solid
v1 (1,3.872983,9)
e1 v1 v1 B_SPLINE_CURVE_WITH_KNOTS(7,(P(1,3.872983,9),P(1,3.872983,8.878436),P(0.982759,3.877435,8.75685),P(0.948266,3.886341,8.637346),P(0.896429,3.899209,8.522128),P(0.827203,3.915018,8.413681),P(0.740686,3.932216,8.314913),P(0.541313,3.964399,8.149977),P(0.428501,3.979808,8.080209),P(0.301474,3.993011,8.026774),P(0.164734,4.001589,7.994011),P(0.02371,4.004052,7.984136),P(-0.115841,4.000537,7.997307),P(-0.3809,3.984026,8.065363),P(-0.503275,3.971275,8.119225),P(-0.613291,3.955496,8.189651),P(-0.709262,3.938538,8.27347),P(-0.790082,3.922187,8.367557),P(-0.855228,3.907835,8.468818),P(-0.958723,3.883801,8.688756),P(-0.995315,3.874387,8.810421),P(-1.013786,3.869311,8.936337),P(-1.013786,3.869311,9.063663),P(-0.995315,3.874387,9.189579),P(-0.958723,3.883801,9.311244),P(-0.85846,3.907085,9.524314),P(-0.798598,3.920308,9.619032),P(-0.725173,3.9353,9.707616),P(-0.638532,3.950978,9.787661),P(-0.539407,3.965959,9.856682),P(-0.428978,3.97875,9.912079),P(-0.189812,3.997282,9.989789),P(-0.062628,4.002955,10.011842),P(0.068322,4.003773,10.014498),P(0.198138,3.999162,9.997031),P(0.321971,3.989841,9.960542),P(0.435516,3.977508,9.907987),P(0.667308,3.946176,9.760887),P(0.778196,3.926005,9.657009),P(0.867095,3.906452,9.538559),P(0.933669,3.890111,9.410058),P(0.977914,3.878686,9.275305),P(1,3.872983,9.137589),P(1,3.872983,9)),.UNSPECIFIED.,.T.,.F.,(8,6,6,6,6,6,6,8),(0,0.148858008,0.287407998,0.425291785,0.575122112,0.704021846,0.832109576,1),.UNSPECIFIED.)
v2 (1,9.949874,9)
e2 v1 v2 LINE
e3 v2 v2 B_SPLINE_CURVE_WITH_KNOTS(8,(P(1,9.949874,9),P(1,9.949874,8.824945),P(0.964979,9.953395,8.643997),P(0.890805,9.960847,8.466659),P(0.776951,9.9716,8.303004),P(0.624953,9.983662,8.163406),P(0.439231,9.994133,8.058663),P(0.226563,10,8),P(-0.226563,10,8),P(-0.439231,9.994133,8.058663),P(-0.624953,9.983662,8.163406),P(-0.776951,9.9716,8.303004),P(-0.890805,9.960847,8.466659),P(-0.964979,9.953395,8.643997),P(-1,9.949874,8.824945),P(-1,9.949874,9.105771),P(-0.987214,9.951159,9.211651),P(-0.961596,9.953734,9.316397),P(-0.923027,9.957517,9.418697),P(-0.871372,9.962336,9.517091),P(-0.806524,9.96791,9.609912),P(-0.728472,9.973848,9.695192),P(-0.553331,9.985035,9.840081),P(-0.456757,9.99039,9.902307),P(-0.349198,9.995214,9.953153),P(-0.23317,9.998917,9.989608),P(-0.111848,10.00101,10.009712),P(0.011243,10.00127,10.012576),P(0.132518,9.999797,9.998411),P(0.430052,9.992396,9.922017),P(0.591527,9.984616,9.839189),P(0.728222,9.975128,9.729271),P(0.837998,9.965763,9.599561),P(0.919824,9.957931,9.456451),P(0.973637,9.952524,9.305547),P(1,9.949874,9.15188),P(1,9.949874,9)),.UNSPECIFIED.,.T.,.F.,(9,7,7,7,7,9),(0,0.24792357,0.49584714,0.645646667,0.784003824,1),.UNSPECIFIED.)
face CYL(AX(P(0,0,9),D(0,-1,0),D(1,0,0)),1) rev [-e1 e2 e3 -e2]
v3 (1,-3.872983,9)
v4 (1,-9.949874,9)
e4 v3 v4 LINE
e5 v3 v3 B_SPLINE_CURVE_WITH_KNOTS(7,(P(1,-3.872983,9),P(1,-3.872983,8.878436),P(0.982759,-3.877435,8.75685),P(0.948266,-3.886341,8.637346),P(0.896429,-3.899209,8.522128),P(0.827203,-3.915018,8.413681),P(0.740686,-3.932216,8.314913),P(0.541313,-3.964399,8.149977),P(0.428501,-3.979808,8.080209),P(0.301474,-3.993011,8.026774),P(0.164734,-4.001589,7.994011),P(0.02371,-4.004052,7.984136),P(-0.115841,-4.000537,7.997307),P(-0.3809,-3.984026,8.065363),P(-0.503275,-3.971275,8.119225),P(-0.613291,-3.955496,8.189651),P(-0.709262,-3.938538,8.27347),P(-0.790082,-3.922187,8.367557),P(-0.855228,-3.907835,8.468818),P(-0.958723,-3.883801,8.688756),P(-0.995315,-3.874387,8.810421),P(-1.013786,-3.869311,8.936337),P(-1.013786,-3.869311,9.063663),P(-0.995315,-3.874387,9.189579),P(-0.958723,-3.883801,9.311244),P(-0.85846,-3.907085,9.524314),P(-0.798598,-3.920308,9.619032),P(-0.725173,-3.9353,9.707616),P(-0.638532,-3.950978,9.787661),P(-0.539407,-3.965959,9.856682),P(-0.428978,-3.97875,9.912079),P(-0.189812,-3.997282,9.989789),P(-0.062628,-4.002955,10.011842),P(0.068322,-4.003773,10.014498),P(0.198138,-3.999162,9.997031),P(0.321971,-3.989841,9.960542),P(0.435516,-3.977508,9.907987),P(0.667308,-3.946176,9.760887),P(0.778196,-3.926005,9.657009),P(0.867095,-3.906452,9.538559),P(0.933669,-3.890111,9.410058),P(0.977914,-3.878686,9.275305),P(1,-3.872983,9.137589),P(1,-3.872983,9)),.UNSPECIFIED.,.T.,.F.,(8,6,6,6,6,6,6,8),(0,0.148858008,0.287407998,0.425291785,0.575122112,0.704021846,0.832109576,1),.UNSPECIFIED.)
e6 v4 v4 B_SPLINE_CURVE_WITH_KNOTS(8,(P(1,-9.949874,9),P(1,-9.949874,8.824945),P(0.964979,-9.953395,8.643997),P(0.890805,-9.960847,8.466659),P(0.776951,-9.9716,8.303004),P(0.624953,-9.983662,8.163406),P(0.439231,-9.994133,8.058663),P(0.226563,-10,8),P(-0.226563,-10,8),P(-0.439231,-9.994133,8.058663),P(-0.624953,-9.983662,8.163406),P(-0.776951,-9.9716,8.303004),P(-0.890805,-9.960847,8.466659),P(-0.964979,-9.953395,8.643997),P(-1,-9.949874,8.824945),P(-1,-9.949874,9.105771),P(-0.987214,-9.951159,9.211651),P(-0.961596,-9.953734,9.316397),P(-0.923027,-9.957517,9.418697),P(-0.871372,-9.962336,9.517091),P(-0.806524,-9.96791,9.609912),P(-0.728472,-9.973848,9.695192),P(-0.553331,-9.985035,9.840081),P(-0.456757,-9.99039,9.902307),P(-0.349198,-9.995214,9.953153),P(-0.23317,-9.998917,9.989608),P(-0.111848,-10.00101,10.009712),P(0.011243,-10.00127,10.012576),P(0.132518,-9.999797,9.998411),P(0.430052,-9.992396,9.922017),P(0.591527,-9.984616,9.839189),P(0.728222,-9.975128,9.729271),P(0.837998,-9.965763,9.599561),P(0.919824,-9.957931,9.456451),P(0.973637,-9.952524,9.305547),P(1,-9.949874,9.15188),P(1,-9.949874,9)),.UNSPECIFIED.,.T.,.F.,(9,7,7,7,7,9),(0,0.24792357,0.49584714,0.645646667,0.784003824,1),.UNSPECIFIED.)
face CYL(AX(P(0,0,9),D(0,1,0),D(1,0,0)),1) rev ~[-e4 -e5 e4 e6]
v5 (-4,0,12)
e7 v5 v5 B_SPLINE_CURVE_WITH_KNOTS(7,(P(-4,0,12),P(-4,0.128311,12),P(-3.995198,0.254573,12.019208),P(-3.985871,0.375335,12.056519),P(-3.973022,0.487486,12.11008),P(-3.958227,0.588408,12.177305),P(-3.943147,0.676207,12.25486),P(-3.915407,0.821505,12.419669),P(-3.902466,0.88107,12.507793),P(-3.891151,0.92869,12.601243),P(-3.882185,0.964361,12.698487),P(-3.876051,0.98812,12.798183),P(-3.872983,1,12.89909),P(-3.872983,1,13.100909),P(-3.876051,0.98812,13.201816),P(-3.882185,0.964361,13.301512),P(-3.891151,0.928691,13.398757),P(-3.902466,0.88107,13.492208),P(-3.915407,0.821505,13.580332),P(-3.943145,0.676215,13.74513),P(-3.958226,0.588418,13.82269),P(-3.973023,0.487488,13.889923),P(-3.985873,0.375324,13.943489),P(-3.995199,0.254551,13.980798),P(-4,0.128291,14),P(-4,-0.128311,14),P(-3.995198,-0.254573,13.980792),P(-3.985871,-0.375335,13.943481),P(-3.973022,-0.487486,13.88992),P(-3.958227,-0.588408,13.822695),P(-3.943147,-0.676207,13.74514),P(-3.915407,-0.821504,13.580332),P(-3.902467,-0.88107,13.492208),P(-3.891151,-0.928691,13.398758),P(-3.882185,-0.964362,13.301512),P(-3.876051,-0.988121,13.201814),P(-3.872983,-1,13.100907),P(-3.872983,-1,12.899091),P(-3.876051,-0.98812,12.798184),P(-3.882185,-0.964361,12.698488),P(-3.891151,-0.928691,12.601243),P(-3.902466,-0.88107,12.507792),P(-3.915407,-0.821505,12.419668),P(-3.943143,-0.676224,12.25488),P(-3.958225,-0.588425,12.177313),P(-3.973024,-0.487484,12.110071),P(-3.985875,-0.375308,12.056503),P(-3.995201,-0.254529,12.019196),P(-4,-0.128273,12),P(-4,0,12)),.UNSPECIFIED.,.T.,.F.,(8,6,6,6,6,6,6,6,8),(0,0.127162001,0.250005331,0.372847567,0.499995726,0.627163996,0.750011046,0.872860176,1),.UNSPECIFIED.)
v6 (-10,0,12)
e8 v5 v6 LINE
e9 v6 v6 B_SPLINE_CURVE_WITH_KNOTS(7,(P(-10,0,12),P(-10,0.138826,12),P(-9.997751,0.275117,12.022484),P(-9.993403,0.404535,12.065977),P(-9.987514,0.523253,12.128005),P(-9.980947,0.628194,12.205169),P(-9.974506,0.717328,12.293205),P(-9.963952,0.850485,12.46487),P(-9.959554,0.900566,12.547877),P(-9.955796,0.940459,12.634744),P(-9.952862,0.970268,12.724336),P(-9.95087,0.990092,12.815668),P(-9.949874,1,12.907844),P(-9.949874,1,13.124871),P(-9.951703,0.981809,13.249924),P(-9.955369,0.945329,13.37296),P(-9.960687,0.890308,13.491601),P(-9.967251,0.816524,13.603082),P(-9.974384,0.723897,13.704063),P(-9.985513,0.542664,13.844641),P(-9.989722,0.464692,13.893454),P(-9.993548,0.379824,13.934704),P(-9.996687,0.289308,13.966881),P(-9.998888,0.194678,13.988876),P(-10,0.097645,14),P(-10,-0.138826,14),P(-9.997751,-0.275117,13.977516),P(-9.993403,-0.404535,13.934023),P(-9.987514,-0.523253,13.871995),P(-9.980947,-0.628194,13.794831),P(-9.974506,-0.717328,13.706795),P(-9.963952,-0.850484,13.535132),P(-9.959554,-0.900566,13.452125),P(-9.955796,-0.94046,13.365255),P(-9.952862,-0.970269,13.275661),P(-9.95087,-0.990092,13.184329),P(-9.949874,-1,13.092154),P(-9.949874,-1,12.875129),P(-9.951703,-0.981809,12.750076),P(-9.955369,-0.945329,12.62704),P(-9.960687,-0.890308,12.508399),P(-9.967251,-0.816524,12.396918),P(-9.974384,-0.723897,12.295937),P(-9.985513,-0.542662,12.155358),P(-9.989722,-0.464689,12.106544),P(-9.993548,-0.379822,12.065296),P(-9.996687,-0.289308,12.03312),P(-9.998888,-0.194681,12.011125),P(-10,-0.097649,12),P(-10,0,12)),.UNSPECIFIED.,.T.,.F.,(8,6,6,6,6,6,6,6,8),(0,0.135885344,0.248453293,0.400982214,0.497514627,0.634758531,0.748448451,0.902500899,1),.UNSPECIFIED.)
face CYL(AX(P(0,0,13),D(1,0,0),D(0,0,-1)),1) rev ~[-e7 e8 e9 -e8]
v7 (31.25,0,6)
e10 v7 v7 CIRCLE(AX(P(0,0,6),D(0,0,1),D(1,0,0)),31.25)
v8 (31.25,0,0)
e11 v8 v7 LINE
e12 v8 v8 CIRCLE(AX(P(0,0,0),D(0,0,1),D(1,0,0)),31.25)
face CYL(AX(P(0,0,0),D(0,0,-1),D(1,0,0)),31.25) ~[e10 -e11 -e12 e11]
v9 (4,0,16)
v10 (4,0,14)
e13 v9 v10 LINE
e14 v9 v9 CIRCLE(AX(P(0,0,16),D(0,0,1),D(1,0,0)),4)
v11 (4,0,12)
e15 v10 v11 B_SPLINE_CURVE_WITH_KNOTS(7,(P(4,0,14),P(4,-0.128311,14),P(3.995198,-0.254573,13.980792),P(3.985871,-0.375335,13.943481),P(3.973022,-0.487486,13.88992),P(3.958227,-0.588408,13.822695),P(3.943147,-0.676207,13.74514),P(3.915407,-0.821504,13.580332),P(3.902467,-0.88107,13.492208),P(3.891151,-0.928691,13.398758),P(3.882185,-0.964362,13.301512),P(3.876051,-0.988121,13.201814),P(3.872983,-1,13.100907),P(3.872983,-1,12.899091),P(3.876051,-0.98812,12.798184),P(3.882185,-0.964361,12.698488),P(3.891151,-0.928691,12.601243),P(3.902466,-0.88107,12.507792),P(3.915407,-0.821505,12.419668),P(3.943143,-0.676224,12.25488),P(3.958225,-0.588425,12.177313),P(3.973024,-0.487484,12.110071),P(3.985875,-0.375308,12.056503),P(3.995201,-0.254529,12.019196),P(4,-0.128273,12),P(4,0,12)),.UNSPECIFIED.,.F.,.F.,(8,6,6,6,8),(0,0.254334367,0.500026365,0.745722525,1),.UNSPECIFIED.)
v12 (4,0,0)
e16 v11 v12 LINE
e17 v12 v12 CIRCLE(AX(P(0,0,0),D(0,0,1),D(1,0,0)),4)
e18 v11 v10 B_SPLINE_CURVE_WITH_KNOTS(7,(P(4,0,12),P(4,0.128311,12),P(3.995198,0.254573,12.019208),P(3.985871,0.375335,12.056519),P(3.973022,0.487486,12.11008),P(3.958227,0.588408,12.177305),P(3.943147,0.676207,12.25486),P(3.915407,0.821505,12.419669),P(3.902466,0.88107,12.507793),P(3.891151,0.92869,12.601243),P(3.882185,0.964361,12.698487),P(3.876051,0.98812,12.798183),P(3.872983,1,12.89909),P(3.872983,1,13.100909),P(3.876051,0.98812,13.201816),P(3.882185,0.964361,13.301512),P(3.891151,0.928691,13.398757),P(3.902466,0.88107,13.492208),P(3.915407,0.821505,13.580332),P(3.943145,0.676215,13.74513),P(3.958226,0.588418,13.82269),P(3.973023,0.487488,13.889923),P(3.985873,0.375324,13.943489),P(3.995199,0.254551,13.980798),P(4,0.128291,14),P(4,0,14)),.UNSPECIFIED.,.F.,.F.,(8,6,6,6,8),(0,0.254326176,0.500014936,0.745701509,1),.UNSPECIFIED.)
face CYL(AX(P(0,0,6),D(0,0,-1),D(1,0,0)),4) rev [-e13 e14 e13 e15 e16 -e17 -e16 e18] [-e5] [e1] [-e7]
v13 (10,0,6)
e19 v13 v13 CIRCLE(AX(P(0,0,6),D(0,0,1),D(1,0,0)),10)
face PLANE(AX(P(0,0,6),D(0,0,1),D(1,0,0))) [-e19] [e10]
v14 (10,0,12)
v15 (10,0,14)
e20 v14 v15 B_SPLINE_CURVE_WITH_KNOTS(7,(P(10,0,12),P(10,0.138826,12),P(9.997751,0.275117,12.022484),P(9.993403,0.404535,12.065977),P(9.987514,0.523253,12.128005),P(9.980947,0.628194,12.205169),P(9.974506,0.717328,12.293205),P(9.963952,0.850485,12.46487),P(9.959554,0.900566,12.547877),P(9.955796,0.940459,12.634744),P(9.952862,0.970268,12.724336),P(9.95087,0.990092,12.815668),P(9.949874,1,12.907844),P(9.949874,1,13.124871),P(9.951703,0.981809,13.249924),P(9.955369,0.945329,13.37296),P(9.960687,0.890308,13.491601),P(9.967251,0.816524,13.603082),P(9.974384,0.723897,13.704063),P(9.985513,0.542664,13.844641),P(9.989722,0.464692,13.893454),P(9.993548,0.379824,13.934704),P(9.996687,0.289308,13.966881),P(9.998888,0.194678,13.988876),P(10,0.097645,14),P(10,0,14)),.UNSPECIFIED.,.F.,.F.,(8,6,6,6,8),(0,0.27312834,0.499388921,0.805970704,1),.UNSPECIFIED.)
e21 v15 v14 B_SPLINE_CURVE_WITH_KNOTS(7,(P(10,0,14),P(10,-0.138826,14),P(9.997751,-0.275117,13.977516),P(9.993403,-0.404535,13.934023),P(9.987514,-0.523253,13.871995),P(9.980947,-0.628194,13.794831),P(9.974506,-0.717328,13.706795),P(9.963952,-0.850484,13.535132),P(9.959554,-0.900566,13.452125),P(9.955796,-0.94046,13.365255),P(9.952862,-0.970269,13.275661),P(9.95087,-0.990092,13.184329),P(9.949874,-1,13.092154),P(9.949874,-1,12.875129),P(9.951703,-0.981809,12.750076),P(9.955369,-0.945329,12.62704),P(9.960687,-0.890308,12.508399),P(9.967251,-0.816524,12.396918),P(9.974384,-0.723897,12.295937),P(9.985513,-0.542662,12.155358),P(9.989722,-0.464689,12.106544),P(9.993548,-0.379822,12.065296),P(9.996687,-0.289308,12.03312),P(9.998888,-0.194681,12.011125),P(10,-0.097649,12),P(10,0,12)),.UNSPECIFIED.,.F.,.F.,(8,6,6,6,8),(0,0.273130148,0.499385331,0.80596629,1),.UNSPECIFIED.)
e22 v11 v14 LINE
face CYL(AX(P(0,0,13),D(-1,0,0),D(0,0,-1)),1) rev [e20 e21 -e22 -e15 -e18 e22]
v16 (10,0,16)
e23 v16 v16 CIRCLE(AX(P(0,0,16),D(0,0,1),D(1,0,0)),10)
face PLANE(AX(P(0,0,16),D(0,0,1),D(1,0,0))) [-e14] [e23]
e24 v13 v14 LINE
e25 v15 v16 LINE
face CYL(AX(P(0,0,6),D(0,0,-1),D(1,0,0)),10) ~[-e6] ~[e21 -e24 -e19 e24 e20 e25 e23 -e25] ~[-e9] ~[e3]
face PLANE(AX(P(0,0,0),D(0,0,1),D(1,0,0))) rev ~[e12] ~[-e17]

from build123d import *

# Parameters (mm, degrees)
SKETCH_1_R               = 31.25
SKETCH_1_R_2             = 4
EXTRUDE_1_DEPTH          = 6
SKETCH_2_R               = 10
SKETCH_2_R_2             = 4
EXTRUDE_2_DEPTH          = 10
SKETCH_3_R               = 1
CUT_EXTRUDE_1_DEPTH      = 32.25
CUT_EXTRUDE_1_DEPTH_BACK = 32.25
SKETCH_4_R               = 1
CUT_EXTRUDE_2_DEPTH      = 32.25
CUT_EXTRUDE_2_DEPTH_BACK = 32.25


with BuildPart() as part:
    # Эскиз1 → Бобышка-Вытянуть1 (new body)
    with BuildSketch(Plane.XY):
        Circle(SKETCH_1_R)
        Circle(SKETCH_1_R_2, mode=Mode.SUBTRACT)
    extrude(amount=EXTRUDE_1_DEPTH)

    # Эскиз2 → Бобышка-Вытянуть2 (add)
    with BuildSketch(Plane.XY.offset(6)):
        Circle(SKETCH_2_R)
        Circle(SKETCH_2_R_2, mode=Mode.SUBTRACT)
    extrude(amount=EXTRUDE_2_DEPTH)

    # Эскиз3 → Вырез-Вытянуть1 (cut, two sides)
    with BuildSketch(Plane(origin=(0, 0, 0), x_dir=(1, 0, 0), z_dir=(0, 1, 0))) as cut_extrude_1_sk:
        with Locations((0, -9)):
            Circle(SKETCH_3_R)
    extrude(amount=CUT_EXTRUDE_1_DEPTH, mode=Mode.SUBTRACT)
    extrude(cut_extrude_1_sk.sketch, amount=-CUT_EXTRUDE_1_DEPTH_BACK, mode=Mode.SUBTRACT)

    # Эскиз4 → Вырез-Вытянуть2 (cut, two sides)
    with BuildSketch(Plane(origin=(0, 0, 0), x_dir=(0, 0, -1), z_dir=(1, 0, 0))) as cut_extrude_2_sk:
        with Locations((-13, 0)):
            Circle(SKETCH_4_R)
    extrude(amount=CUT_EXTRUDE_2_DEPTH, mode=Mode.SUBTRACT)
    extrude(cut_extrude_2_sk.sketch, amount=-CUT_EXTRUDE_2_DEPTH_BACK, mode=Mode.SUBTRACT)


solid = part.part
